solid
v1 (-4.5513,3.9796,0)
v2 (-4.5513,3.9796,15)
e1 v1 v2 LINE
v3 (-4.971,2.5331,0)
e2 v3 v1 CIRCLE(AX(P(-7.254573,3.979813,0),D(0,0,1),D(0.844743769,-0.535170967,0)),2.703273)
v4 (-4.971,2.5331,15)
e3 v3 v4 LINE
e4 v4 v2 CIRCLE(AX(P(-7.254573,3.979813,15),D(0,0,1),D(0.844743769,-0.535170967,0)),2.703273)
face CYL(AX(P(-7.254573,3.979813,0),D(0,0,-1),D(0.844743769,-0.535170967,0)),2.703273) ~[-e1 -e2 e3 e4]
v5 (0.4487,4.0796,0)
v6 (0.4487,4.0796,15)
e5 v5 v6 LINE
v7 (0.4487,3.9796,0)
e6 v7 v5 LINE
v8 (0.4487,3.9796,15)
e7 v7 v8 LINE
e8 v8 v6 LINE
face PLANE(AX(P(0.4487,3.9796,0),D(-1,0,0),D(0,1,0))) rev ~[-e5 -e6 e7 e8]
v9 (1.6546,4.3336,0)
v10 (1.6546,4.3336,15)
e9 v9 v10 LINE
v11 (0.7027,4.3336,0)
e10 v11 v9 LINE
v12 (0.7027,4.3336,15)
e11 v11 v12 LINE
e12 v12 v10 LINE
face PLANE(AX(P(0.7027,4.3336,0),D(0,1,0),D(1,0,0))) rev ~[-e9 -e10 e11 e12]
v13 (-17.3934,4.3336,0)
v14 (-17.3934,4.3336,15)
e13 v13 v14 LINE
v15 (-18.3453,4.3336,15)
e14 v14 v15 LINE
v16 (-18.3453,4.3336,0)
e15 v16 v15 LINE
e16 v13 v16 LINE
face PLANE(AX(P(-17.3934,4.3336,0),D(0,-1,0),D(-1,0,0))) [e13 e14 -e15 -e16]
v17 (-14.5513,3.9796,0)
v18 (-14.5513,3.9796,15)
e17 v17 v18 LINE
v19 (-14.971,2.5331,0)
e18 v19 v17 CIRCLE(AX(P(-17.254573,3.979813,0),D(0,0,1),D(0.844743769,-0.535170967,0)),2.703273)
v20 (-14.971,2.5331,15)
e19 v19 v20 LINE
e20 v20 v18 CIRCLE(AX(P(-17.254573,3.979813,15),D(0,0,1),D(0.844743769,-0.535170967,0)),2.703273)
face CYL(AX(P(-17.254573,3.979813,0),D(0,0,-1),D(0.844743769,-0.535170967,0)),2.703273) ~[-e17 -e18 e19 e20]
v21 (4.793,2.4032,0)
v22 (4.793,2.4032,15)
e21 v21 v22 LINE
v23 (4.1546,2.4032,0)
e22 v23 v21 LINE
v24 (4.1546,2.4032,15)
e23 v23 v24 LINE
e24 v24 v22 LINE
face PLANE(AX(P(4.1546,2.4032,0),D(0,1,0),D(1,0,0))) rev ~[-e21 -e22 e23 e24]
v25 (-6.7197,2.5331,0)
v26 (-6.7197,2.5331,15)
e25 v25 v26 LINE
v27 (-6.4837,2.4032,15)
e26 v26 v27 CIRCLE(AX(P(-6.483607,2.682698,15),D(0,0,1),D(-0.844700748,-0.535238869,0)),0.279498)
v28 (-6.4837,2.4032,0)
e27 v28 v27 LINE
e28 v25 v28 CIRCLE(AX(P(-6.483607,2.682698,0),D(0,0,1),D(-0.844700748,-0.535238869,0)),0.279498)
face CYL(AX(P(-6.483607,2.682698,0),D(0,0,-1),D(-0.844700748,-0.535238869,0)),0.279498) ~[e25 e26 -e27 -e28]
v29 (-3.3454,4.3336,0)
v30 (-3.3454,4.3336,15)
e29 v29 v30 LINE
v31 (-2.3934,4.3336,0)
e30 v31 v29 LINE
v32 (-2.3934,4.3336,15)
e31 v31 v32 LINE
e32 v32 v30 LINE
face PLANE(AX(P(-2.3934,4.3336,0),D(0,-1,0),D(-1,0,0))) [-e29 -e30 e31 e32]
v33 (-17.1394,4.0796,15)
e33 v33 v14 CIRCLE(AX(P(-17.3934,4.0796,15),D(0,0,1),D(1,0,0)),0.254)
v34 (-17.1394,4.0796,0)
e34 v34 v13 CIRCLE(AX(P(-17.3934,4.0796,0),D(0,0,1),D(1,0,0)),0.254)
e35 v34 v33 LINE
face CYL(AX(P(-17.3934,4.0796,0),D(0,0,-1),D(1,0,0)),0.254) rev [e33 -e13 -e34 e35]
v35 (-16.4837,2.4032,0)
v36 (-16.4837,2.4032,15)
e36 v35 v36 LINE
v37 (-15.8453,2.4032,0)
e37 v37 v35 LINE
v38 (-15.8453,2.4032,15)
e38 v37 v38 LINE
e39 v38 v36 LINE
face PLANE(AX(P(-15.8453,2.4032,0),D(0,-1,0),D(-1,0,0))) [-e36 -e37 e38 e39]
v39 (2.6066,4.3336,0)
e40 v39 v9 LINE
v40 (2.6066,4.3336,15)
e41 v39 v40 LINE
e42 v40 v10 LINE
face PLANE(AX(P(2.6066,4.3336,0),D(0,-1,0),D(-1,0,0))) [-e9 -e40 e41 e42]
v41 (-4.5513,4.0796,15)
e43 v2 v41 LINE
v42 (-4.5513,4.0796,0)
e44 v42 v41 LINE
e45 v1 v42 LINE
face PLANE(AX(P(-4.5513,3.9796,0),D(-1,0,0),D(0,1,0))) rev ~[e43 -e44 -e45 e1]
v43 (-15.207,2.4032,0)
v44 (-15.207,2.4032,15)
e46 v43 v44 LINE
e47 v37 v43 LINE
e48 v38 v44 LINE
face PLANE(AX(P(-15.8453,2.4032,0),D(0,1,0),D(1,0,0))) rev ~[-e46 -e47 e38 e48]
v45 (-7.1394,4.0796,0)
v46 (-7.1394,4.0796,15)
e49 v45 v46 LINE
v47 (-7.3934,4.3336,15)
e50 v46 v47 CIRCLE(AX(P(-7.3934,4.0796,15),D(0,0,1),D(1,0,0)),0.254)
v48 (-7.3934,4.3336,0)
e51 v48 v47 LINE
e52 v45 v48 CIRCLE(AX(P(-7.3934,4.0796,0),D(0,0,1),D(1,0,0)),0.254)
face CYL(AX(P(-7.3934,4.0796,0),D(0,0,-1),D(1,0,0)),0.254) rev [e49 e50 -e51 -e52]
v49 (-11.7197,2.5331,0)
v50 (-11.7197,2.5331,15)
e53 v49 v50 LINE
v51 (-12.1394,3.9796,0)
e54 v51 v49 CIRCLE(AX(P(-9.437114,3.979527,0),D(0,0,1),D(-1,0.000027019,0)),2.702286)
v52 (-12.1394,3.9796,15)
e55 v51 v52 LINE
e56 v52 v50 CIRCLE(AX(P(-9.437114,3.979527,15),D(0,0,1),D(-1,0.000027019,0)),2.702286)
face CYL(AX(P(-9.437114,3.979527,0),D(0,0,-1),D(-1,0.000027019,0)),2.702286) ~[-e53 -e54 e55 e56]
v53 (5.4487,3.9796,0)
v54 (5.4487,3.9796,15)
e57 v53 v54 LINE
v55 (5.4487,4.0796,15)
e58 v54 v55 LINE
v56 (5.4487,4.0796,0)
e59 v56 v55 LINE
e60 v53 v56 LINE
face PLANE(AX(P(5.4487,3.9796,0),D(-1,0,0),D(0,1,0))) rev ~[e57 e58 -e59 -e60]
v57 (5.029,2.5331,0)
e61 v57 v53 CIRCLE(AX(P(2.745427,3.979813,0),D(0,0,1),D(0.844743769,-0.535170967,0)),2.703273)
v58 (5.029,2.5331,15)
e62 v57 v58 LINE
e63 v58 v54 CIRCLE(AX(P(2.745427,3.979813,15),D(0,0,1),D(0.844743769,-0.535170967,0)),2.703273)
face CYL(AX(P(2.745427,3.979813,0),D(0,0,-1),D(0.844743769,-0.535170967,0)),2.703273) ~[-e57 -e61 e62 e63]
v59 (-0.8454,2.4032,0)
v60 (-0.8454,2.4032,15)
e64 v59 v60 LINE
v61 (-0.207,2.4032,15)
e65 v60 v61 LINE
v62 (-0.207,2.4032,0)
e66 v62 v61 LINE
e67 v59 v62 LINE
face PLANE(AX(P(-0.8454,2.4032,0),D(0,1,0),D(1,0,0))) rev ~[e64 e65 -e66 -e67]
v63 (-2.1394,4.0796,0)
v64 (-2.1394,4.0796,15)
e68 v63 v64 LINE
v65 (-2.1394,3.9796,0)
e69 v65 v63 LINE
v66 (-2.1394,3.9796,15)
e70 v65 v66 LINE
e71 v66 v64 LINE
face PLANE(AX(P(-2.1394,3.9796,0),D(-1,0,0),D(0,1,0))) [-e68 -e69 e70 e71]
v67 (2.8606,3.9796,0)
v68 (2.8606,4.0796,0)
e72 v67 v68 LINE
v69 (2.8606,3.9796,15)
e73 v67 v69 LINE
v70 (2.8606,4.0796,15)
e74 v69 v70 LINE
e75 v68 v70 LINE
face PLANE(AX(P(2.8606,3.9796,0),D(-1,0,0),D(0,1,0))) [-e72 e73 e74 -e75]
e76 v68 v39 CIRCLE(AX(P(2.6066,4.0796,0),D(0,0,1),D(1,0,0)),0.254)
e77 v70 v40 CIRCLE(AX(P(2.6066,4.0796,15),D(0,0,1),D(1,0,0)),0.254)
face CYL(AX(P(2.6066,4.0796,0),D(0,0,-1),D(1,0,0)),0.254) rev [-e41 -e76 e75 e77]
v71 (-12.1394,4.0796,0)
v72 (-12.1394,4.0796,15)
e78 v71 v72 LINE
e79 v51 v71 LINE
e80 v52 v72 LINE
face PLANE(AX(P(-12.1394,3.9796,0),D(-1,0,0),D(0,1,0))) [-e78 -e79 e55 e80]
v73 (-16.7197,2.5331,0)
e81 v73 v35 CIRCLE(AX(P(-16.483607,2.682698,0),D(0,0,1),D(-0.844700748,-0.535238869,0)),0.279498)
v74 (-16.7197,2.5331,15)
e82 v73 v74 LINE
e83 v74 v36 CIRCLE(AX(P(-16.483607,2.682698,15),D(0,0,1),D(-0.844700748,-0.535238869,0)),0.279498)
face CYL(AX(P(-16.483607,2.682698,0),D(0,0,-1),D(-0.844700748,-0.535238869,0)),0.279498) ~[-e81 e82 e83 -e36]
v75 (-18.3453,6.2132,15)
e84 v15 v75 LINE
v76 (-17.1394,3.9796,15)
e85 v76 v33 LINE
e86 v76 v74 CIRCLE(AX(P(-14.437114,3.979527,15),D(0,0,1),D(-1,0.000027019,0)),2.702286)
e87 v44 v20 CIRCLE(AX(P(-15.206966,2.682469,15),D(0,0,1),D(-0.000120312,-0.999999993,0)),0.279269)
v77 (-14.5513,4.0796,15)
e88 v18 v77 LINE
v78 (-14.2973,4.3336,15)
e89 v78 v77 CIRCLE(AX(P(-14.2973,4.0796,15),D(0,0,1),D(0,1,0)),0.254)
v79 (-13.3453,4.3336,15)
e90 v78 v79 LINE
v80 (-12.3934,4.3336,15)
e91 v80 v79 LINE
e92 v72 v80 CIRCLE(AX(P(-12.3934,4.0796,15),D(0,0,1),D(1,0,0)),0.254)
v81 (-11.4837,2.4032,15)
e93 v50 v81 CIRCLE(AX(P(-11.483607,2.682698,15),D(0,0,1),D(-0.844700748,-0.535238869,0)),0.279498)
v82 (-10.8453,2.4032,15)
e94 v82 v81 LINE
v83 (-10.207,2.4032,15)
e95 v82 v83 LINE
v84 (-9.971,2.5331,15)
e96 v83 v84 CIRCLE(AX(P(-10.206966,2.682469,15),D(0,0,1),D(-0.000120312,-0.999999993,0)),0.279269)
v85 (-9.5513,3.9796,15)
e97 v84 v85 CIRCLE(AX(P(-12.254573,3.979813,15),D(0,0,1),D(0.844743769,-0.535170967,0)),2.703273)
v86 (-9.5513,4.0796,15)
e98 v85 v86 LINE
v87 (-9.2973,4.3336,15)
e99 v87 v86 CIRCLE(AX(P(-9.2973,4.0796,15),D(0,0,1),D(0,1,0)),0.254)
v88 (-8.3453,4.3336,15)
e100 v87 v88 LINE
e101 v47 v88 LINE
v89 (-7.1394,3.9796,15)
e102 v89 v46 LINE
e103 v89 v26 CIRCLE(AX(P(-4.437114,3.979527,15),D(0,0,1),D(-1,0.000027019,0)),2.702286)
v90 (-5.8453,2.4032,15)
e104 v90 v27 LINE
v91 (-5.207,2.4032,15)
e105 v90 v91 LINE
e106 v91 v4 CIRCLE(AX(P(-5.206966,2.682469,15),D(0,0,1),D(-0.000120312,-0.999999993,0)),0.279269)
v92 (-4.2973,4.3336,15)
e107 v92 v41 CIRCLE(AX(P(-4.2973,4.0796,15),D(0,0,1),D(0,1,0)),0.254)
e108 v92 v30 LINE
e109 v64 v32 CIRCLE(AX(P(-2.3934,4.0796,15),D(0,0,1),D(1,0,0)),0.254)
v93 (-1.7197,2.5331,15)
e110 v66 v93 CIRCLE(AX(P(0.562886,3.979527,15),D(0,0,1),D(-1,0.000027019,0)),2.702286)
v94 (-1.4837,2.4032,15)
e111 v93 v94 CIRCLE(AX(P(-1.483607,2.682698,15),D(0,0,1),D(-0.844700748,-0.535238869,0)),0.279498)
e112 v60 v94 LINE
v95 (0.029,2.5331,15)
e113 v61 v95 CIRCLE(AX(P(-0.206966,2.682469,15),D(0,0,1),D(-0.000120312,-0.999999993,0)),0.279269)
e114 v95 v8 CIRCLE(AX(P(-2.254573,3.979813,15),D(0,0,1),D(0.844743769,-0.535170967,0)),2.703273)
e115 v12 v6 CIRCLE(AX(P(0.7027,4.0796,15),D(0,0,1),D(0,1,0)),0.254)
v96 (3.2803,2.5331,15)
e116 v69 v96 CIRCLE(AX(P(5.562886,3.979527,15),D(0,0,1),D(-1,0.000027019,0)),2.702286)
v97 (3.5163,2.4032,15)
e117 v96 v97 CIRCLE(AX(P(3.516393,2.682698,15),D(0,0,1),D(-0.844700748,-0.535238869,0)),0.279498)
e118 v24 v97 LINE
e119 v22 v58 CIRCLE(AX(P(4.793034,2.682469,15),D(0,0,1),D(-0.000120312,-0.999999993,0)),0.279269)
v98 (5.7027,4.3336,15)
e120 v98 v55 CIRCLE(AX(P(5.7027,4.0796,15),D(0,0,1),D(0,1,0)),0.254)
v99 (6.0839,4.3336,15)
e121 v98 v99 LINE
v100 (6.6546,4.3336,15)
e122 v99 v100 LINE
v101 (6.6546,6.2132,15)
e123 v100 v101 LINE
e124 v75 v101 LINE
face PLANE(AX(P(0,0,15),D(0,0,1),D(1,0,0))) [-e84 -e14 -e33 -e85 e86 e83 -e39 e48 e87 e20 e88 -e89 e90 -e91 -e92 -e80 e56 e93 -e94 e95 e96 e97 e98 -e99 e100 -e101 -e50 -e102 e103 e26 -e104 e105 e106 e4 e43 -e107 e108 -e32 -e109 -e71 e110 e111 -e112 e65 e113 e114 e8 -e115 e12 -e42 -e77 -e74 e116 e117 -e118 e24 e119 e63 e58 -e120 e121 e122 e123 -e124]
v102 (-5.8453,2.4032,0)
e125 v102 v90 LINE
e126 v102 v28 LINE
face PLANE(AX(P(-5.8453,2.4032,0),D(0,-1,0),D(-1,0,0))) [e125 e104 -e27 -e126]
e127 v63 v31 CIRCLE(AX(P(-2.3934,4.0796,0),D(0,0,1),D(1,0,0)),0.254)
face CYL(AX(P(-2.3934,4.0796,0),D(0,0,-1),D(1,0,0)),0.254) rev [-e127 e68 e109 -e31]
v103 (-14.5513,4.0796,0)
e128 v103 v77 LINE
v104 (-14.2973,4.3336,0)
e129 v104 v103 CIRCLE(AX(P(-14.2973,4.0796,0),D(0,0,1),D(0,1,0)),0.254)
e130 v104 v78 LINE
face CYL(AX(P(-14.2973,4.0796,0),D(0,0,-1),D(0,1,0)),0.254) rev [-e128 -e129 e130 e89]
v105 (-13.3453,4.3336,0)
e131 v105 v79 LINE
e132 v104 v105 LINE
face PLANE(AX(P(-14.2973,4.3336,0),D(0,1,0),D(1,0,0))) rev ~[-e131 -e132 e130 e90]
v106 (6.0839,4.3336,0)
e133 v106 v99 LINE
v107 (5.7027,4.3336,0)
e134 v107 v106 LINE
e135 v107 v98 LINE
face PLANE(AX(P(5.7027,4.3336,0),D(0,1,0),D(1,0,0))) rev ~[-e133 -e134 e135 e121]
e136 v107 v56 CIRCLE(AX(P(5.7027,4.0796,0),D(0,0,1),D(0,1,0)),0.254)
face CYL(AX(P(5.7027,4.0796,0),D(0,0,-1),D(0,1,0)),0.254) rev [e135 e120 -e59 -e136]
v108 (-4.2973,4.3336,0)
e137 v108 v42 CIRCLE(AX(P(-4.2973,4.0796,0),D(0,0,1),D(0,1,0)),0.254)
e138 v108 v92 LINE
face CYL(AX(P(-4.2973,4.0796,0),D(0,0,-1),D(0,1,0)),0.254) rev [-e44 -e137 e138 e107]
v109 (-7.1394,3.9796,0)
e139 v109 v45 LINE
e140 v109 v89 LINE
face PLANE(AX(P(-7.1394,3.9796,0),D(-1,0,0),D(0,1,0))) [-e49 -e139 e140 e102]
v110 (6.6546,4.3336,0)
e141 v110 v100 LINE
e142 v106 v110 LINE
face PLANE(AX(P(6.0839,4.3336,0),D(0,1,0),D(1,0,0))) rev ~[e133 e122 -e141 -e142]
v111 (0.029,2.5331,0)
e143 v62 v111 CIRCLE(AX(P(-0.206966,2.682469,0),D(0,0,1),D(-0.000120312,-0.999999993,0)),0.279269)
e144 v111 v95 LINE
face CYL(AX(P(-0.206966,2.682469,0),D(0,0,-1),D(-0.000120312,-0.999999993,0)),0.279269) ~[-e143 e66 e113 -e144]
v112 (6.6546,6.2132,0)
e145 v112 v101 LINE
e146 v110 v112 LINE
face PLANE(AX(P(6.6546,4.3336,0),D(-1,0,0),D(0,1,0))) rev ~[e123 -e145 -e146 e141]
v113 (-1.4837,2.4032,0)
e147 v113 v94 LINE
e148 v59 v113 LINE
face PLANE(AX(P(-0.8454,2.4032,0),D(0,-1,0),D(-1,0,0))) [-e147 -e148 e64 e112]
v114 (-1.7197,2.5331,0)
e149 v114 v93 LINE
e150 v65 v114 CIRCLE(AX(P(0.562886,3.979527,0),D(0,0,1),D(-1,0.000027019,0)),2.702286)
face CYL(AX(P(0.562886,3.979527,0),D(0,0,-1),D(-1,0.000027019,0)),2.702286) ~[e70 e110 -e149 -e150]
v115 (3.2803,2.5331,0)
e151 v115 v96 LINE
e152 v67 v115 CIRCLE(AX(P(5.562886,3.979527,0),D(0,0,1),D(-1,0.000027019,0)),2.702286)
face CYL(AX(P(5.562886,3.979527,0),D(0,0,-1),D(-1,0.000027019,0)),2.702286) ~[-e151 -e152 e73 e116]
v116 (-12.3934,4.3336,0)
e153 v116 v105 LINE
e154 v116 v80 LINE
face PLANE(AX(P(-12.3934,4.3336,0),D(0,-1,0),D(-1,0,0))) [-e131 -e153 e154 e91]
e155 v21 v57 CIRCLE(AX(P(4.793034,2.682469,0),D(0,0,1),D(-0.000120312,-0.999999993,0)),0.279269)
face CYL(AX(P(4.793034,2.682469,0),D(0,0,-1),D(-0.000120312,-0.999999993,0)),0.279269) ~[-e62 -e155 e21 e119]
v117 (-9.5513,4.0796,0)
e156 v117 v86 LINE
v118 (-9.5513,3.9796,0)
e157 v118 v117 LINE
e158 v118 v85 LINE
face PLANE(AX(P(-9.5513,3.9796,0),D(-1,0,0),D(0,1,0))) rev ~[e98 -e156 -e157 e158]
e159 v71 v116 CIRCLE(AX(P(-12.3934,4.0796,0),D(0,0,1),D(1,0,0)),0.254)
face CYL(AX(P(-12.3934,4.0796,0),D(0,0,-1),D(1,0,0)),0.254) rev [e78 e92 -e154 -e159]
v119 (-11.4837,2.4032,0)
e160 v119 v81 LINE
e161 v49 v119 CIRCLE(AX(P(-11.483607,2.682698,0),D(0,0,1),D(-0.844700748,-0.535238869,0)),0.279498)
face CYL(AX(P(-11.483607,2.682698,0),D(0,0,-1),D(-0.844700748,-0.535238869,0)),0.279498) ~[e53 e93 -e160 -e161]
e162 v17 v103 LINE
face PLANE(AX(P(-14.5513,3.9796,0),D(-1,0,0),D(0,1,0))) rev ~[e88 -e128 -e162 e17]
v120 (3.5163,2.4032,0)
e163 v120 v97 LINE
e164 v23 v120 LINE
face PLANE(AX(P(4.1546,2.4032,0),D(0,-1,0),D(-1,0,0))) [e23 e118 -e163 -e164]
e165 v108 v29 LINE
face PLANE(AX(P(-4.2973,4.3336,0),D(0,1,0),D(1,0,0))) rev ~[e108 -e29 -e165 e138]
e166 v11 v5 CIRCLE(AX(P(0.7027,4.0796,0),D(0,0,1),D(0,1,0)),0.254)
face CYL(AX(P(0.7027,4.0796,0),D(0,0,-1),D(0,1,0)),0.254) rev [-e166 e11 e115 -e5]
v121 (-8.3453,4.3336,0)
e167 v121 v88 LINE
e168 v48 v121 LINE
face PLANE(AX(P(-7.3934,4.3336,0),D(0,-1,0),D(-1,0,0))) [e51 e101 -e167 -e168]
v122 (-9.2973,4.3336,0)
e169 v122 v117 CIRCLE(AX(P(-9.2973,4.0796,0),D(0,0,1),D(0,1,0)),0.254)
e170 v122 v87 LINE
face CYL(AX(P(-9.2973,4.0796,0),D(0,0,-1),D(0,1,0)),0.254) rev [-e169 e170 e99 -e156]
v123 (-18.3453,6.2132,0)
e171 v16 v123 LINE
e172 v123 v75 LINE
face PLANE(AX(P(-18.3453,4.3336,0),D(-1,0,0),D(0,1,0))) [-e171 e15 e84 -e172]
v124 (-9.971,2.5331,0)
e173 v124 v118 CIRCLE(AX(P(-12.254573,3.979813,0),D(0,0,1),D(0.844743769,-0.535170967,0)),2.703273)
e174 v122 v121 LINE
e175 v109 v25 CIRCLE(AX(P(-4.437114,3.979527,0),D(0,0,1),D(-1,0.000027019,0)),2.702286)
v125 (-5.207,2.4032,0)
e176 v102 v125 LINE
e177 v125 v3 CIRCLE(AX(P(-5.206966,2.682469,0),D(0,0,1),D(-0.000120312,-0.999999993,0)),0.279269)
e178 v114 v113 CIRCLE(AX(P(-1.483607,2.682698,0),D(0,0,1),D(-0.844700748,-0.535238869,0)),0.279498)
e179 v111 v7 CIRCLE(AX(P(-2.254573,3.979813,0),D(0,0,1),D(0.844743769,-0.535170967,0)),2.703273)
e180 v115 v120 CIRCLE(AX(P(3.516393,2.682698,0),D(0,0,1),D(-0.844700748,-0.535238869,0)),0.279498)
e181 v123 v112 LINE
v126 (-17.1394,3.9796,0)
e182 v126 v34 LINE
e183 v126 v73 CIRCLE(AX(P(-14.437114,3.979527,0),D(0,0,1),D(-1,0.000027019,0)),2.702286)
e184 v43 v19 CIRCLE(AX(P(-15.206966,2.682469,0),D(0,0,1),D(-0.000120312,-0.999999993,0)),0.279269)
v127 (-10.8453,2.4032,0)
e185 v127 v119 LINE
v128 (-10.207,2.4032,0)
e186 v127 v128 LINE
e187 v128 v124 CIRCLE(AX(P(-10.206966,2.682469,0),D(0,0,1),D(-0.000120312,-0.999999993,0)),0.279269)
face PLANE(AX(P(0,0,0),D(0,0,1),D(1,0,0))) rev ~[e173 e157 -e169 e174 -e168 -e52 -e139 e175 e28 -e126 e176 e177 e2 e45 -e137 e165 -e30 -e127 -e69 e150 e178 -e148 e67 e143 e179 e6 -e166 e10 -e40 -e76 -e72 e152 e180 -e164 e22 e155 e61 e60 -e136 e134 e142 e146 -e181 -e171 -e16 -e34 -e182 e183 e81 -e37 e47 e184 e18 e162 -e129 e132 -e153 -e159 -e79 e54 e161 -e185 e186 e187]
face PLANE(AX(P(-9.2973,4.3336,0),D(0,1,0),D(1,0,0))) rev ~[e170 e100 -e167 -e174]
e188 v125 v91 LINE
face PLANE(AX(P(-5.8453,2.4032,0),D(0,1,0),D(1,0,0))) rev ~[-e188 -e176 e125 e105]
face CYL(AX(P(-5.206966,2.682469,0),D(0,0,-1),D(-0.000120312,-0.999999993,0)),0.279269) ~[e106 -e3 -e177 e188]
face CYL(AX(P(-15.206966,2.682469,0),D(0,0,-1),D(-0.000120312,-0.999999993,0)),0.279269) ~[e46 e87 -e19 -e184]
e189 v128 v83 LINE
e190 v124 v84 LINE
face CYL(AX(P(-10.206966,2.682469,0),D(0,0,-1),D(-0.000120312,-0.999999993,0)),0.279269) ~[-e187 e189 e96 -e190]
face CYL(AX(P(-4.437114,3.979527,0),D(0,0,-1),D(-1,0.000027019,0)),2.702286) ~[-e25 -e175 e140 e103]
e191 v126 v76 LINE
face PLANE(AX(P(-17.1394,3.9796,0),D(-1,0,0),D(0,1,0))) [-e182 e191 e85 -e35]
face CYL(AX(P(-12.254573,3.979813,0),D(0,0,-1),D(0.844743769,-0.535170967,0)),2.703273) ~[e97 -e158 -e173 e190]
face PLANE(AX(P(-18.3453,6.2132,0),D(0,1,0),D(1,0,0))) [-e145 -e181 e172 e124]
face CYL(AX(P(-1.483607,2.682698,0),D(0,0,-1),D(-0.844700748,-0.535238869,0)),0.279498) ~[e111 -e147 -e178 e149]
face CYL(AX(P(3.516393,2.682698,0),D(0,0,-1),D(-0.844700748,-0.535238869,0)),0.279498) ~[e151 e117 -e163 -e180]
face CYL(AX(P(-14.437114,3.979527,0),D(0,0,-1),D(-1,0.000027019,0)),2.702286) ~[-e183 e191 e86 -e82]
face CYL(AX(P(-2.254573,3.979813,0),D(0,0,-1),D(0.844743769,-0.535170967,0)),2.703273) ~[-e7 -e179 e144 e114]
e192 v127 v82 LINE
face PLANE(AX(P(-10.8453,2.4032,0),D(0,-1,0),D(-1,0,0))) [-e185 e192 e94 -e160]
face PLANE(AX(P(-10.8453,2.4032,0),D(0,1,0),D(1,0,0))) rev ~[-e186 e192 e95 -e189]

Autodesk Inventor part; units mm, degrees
ref_plane "YZ Plane" through (0, 0, 0) normal (1, 0, 0) x (0, 1, 0)
ref_plane "XZ Plane" through (0, 0, 0) normal (0, 1, 0) x (-1, 0, 0)
ref_plane "XY Plane" through (0, 0, 0) normal (0, 0, 1) x (1, 0, 0)
sketch "Sketch1" plane through (0, 0, 0) normal (0, 0, 1) x (1, 0, 0)
  line L0 (-14.2973, 4.3336) -> (-13.3453, 4.3336)
  line L1 (-18.3453, 6.2132) -> (6.6546, 6.2132)
  arc A0 (-14.971, 2.5331) -> (-14.5513, 3.9796) centre (-17.2541, 3.9796) ccw
  arc A1 (-17.1394, 3.9796) -> (-16.7197, 2.5331) centre (-14.4366, 3.9796) ccw
  arc A2 (-15.207, 2.4032) -> (-14.971, 2.5331) centre (-15.207, 2.6826) ccw
  arc A3 (-16.7197, 2.5331) -> (-16.4837, 2.4032) centre (-16.4837, 2.6826) ccw
  line L2 (-15.8453, 2.4032) -> (-15.207, 2.4032)
  line L3 (-15.8453, 2.4032) -> (-16.4837, 2.4032)
  arc A4 (-14.2973, 4.3336) -> (-14.5513, 4.0796) centre (-14.2973, 4.0796) ccw
  arc A5 (-17.1394, 4.0796) -> (-17.3934, 4.3336) centre (-17.3934, 4.0796) ccw
  line L4 (-18.3453, 4.3336) -> (-18.3453, 6.2132)
  line L5 (-14.5513, 3.9796) -> (-14.5513, 4.0796)
  line L6 (-17.3934, 4.3336) -> (-18.3453, 4.3336)
  line L7 (-17.1394, 3.9796) -> (-17.1394, 4.0796)
  arc A6 (5.029, 2.5331) -> (5.4487, 3.9796) centre (2.7459, 3.9796) ccw
  arc A7 (2.8606, 3.9796) -> (3.2803, 2.5331) centre (5.5634, 3.9796) ccw
  arc A8 (0.029, 2.5331) -> (0.4487, 3.9796) centre (-2.2541, 3.9796) ccw
  arc A9 (-2.1394, 3.9796) -> (-1.7197, 2.5331) centre (0.5634, 3.9796) ccw
  arc A10 (-4.971, 2.5331) -> (-4.5513, 3.9796) centre (-7.2541, 3.9796) ccw
  arc A11 (-7.1394, 3.9796) -> (-6.7197, 2.5331) centre (-4.4366, 3.9796) ccw
  arc A12 (-9.971, 2.5331) -> (-9.5513, 3.9796) centre (-12.2541, 3.9796) ccw
  arc A13 (-12.1394, 3.9796) -> (-11.7197, 2.5331) centre (-9.4366, 3.9796) ccw
  arc A14 (-10.207, 2.4032) -> (-9.971, 2.5331) centre (-10.207, 2.6826) ccw
  line L8 (-10.8453, 2.4032) -> (-10.207, 2.4032)
  arc A15 (-11.7197, 2.5331) -> (-11.4837, 2.4032) centre (-11.4837, 2.6826) ccw
  line L9 (-10.8453, 2.4032) -> (-11.4837, 2.4032)
  arc A16 (-5.207, 2.4032) -> (-4.971, 2.5331) centre (-5.207, 2.6826) ccw
  line L10 (-5.8453, 2.4032) -> (-5.207, 2.4032)
  arc A17 (-6.7197, 2.5331) -> (-6.4837, 2.4032) centre (-6.4837, 2.6826) ccw
  line L11 (-5.8453, 2.4032) -> (-6.4837, 2.4032)
  arc A18 (-0.207, 2.4032) -> (0.029, 2.5331) centre (-0.207, 2.6826) ccw
  line L12 (-0.8454, 2.4032) -> (-0.207, 2.4032)
  arc A19 (-1.7197, 2.5331) -> (-1.4837, 2.4032) centre (-1.4837, 2.6826) ccw
  line L13 (-0.8454, 2.4032) -> (-1.4837, 2.4032)
  arc A20 (4.793, 2.4032) -> (5.029, 2.5331) centre (4.793, 2.6826) ccw
  line L14 (4.1546, 2.4032) -> (4.793, 2.4032)
  arc A21 (3.2803, 2.5331) -> (3.5163, 2.4032) centre (3.5163, 2.6826) ccw
  line L15 (4.1546, 2.4032) -> (3.5163, 2.4032)
  line L16 (-2.3934, 4.3336) -> (-3.3454, 4.3336)
  line L17 (-9.2973, 4.3336) -> (-8.3453, 4.3336)
  line L18 (-9.5513, 3.9796) -> (-9.5513, 4.0796)
  arc A22 (-9.2973, 4.3336) -> (-9.5513, 4.0796) centre (-9.2973, 4.0796) ccw
  line L19 (-12.1394, 3.9796) -> (-12.1394, 4.0796)
  arc A23 (-12.1394, 4.0796) -> (-12.3934, 4.3336) centre (-12.3934, 4.0796) ccw
  line L20 (-12.3934, 4.3336) -> (-13.3453, 4.3336)
  line L21 (-4.5513, 3.9796) -> (-4.5513, 4.0796)
  arc A24 (-4.2973, 4.3336) -> (-4.5513, 4.0796) centre (-4.2973, 4.0796) ccw
  line L22 (-4.2973, 4.3336) -> (-3.3454, 4.3336)
  line L23 (-7.1394, 3.9796) -> (-7.1394, 4.0796)
  arc A25 (-7.1394, 4.0796) -> (-7.3934, 4.3336) centre (-7.3934, 4.0796) ccw
  line L24 (-7.3934, 4.3336) -> (-8.3453, 4.3336)
  line L25 (2.6066, 4.3336) -> (1.6546, 4.3336)
  line L26 (0.4487, 3.9796) -> (0.4487, 4.0796)
  arc A26 (0.7027, 4.3336) -> (0.4487, 4.0796) centre (0.7027, 4.0796) ccw
  line L27 (0.7027, 4.3336) -> (1.6546, 4.3336)
  line L28 (-2.1394, 3.9796) -> (-2.1394, 4.0796)
  arc A27 (-2.1394, 4.0796) -> (-2.3934, 4.3336) centre (-2.3934, 4.0796) ccw
  line L29 (5.4487, 3.9796) -> (5.4487, 4.0796)
  arc A28 (5.7027, 4.3336) -> (5.4487, 4.0796) centre (5.7027, 4.0796) ccw
  line L30 (5.7027, 4.3336) -> (6.6546, 4.3336)
  line L31 (2.8606, 3.9796) -> (2.8606, 4.0796)
  arc A29 (2.8606, 4.0796) -> (2.6066, 4.3336) centre (2.6066, 4.0796) ccw
  line L32 (6.6546, 4.3336) -> (6.6546, 6.2132)
  line L33 (6.0839, 4.3336) -> (6.6546, 4.3336)
  dimension "d2" = 5
  dimension "d3" = 3.81
  dimension "d4" = 1.9304
extrude "Extrusion1" add sketch "Sketch1" along normal blind 15
properties part number "5MR-900-15"
